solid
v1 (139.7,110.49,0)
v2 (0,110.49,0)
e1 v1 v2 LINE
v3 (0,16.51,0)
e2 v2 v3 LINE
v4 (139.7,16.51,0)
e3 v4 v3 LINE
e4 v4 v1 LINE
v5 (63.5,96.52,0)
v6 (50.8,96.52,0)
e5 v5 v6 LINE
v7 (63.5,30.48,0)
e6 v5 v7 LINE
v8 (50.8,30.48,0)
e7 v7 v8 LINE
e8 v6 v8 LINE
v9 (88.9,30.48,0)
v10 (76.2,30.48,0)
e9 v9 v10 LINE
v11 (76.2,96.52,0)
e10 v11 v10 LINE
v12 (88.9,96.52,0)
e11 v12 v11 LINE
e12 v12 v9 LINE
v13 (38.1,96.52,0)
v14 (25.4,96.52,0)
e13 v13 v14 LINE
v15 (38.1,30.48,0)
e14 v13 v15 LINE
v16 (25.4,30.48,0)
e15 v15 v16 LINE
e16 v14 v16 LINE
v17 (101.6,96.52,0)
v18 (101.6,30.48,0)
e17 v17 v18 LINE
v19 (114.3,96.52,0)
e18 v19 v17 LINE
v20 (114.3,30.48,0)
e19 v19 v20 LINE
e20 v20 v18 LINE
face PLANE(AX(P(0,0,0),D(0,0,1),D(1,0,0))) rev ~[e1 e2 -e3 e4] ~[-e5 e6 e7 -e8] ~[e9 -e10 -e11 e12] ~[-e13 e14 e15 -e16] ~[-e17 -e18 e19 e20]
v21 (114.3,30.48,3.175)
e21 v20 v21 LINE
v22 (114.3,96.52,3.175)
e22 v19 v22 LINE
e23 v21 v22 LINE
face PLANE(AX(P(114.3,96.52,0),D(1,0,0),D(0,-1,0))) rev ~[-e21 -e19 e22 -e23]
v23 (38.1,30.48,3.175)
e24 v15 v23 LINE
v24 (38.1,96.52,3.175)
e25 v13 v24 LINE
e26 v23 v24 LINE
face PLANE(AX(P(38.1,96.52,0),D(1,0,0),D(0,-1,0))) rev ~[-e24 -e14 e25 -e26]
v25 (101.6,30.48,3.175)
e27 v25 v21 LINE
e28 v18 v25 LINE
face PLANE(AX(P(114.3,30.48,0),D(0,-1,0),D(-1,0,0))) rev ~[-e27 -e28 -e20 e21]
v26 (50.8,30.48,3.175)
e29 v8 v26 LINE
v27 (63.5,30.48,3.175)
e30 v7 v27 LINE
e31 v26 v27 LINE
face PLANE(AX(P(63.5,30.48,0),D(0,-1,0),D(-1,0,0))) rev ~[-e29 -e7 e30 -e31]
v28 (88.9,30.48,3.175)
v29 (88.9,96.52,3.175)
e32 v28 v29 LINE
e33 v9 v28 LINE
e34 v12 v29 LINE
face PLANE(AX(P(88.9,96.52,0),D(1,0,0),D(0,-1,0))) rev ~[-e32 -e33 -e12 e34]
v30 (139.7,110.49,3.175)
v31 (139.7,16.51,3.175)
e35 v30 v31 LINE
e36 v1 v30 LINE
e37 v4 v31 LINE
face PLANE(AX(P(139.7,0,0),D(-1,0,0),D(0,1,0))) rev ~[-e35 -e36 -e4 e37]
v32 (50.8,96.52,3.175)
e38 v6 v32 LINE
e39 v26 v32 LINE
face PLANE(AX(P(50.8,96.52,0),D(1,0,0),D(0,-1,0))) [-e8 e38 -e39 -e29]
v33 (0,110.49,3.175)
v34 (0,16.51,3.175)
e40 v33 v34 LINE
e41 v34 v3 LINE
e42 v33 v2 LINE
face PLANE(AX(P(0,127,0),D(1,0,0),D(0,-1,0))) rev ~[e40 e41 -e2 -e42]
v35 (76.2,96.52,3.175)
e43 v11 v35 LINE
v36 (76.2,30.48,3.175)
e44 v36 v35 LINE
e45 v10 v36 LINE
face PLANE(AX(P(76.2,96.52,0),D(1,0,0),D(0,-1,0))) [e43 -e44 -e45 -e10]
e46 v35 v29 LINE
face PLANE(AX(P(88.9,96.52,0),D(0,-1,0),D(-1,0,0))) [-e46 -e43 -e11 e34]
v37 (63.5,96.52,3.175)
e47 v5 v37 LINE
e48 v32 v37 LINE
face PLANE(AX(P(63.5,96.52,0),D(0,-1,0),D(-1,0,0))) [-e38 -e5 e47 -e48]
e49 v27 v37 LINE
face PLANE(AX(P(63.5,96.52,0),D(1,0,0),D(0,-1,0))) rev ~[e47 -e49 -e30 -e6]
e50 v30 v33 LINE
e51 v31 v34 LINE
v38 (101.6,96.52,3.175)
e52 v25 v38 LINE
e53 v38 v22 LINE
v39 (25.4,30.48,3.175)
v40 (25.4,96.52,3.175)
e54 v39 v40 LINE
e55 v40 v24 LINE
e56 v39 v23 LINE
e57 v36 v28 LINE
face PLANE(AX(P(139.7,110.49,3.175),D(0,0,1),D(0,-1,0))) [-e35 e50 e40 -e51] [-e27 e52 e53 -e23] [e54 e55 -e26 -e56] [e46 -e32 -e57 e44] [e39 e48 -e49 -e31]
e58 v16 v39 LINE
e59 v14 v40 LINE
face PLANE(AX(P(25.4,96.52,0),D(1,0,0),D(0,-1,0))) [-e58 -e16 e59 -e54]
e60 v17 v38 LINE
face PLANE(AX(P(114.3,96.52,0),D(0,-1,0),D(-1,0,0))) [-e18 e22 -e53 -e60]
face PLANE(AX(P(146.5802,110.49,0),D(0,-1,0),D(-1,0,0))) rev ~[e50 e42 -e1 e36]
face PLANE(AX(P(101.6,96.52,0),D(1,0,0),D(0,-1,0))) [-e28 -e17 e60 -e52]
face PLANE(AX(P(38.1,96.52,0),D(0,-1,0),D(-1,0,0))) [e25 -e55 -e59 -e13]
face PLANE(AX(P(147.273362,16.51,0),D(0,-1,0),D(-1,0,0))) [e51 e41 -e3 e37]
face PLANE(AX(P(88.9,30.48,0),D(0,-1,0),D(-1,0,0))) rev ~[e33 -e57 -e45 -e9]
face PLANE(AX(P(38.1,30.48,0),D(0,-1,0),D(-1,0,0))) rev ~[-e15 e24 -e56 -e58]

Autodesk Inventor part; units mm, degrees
ref_plane "YZ Plane" through (0, 0, 0) normal (1, 0, 0) x (0, 1, 0)
ref_plane "XZ Plane" through (0, 0, 0) normal (0, 1, 0) x (-1, 0, 0)
ref_plane "XY Plane" through (0, 0, 0) normal (0, 0, 1) x (1, 0, 0)
sketch "Sketch1" plane through (0, 0, 0) normal (0, 0, 1) x (1, 0, 0)
  line L0 (0, 0) -> (139.7, 0)
  line L1 (139.7, 0) -> (139.7, 127)
  line L2 (139.7, 127) -> (0, 127)
  line L3 (0, 127) -> (0, 0)
  dimension "d0" = 139.7
  dimension "d1" = 127
extrude "Extrusion1" add sketch "Sketch1" along normal blind 3.175
sketch "Sketch2" plane through (0, 0, 3.175) normal (0, 0, 1) x (1, 0, 0)
  line L0 (0, 0) -> (139.7, 0) projected
  line L1 (139.7, 0) -> (139.7, 127) projected
  line L2 (0, 0) -> (139.7, 0)
  line L3 (139.7, 0) -> (139.7, 19.05)
  line L4 (139.7, 19.05) -> (0, 19.05)
  line L5 (0, 19.05) -> (0, 0)
  line L6 (139.7, 127) -> (0, 127) projected
  line L7 (0, 127) -> (19.05, 127)
  line L8 (0, 86.1969) -> (0, 127)
  line L9 (0, 127) -> (139.7, 127)
  line L10 (139.7, 127) -> (139.7, 107.95)
  line L11 (139.7, 107.95) -> (0, 107.95)
  line L12 (0, 107.95) -> (0, 127)
  line L13 (0, 127) -> (19.05, 127)
  line L14 (19.05, 127) -> (19.05, 0)
  line L15 (19.05, 0) -> (0, 0)
  line L16 (0, 0) -> (0, 127)
  line L17 (139.7, 0) -> (120.65, 0)
  line L18 (120.65, 0) -> (120.65, 127)
  line L19 (120.65, 127) -> (139.7, 127)
  line L20 (139.7, 127) -> (139.7, 0)
  point P0 (19.05, 19.05)
  point P1 (19.05, 107.95)
  point P2 (120.65, 107.95)
  point P3 (120.65, 19.05)
  dimension "d4" = 19.05
  dimension "d6" = 19.05
  dimension "d7" = 19.05
extrude "Extrusion2" add sketch "Sketch2" along normal blind 3.175 contours L5 L4 L14 L0 | L14 L4 L18 L0 | L16 L8 L11 L14 L4 | L18 L4 L1 L0 | L18 L11 L1 L4 | L14 L6 L18 L11 | L11 L8 L6 L14 | L18 L6 L1 L11
sketch "Sketch3" plane through (0, 0, 0) normal (0, 0, -1) x (-1, 0, 0)
  line L0 (-19.05, 19.05) -> (-120.65, 19.05) projected
  line L1 (-120.65, 107.95) -> (-19.05, 107.95) projected
  line L2 (-25.4, 107.95) -> (-25.4, 19.05)
  line L3 (-19.05, 107.95) -> (-19.05, 19.05) projected
  line L4 (-38.1, 107.95) -> (-38.1, 19.05)
  line L5 (-114.3, 107.95) -> (-114.3, 19.05)
  line L6 (-101.6, 107.95) -> (-101.6, 19.05)
  line L7 (-120.65, 19.05) -> (-120.65, 107.95) projected
  line L8 (-88.9, 107.95) -> (-88.9, 19.05)
  line L9 (-50.8, 107.95) -> (-50.8, 19.05)
  line L10 (-76.2, 107.95) -> (-76.2, 19.05)
  line L11 (-63.5, 107.95) -> (-63.5, 19.05)
  line L12 (-130.7408, 107.95) -> (-4.1346, 107.95)
  line L13 (0, 127) -> (0, 0) projected
  line L14 (-128.9627, 19.05) -> (-12.6698, 19.05)
  line L15 (-128.9627, 30.48) -> (-12.6698, 30.48)
  line L16 (-130.7408, 96.52) -> (-4.1346, 96.52)
  point P0 (-25.4, 96.52)
  point P1 (-38.1, 96.52)
  point P2 (-38.1, 30.48)
  point P3 (-25.4, 30.48)
  point P4 (-50.8, 96.52)
  point P5 (-63.5, 96.52)
  point P6 (-63.5, 30.48)
  point P7 (-50.8, 30.48)
  point P8 (-76.2, 96.52)
  point P9 (-88.9, 96.52)
  point P10 (-88.9, 30.48)
  point P11 (-76.2, 30.48)
  point P12 (-101.6, 96.52)
  point P13 (-114.3, 96.52)
  point P14 (-114.3, 30.48)
  point P15 (-101.6, 30.48)
  dimension "d14" = 12.7
  dimension "d15" = 6.35
  dimension "d17" = 12.7
  dimension "d18" = 12.7
  dimension "d19" = 12.7
  dimension "d20" = 12.7
  dimension "d21" = 12.7
  dimension "d22" = 12.7
  dimension "d23" = 11.43
  dimension "d24" = 11.43
extrude "Extrusion3" cut sketch "Sketch3" against normal through all contours L15 L4 L16 L2 | L15 L11 L16 L9 | L15 L8 L16 L10 | L15 L5 L16 L6
sketch "Sketch4" plane through (0, 0, 0) normal (0, 0, -1) x (-1, 0, 0)
  line L0 (-120.65, 19.05) -> (-120.65, 107.95) projected
  line L1 (-120.65, 107.95) -> (-19.05, 107.95) projected
  line L2 (-19.05, 107.95) -> (-19.05, 19.05) projected
  line L3 (-19.05, 19.05) -> (-120.65, 19.05) projected
  line L4 (-139.7, 127) -> (0, 127) projected
  line L5 (0, 0) -> (-139.7, 0) projected
  line L6 (-157.0502, 127) -> (65.2705, 127)
  line L7 (-157.0502, 110.49) -> (65.2705, 110.49)
  line L8 (-152.5949, 0) -> (41.6573, 0)
  line L9 (-152.5949, 16.51) -> (41.6573, 16.51)
  line L10 (-147.9168, 24.0704) -> (-145.2436, -7.3397)
  line L11 (8.7478, 21.5847) -> (14.9253, -14.4682)
  line L12 (-146.5802, 130.3299) -> (-146.5802, 103.3752)
  line L13 (-146.5802, 103.3752) -> (-146.5802, 100.0337)
  line L14 (14.9253, 133.2259) -> (10.47, 95.1328)
  point P0 (12.4462, 0)
  point P1 (9.6173, 16.51)
  point P2 (-147.2734, 16.51)
  point P3 (-145.8683, 0)
  point P4 (12.2662, 110.49)
  point P5 (14.1972, 127)
  point P6 (0, 127)
  point P7 (-146.5802, 127)
  point P8 (-146.5802, 110.49)
  dimension "d27" = 127
  dimension "d28" = 16.51
  dimension "d29" = 16.51
extrude "Extrusion4" cut sketch "Sketch4" against normal through all contours L4 L6 L14 L7 L12 | L5 L8 L10 L9 L11
sketch "Sketch6" plane through (139.7, 16.51, 0) normal (1, 0, 0) x (0, 0, -1)
  line L0 (-6.35, 0) -> (-6.35, 93.98) projected
  line L1 (-6.35, 93.98) -> (-3.175, 93.98)
  line L2 (-3.175, 93.98) -> (-3.175, -1176.02)
  line L3 (-3.175, -1176.02) -> (-6.35, -1176.02)
  line L4 (-6.35, -1176.02) -> (-6.35, 93.98)
  point P0 (0, -16.51)
  dimension "d32" = 3.175
  dimension "d33" = 1270
extrude "Extrusion5" cut sketch "Sketch6" against normal through all
sketch "Sketch7" plane through (0, 0, 3.175) normal (0, 0, 1) x (1, 0, 0)
  point P0 (0, 0)
sketch "Sketch8" plane through (0, 0, 3.175) normal (0, 0, 1) x (1, 0, 0)
  line L0 (114.3, 96.52) -> (114.3, 30.48) projected
  line L1 (139.7, 110.49) -> (139.7, 16.51) projected
  point P0 (0, 0)
  dimension "d36" = 25.4
properties part number "frount plate"
